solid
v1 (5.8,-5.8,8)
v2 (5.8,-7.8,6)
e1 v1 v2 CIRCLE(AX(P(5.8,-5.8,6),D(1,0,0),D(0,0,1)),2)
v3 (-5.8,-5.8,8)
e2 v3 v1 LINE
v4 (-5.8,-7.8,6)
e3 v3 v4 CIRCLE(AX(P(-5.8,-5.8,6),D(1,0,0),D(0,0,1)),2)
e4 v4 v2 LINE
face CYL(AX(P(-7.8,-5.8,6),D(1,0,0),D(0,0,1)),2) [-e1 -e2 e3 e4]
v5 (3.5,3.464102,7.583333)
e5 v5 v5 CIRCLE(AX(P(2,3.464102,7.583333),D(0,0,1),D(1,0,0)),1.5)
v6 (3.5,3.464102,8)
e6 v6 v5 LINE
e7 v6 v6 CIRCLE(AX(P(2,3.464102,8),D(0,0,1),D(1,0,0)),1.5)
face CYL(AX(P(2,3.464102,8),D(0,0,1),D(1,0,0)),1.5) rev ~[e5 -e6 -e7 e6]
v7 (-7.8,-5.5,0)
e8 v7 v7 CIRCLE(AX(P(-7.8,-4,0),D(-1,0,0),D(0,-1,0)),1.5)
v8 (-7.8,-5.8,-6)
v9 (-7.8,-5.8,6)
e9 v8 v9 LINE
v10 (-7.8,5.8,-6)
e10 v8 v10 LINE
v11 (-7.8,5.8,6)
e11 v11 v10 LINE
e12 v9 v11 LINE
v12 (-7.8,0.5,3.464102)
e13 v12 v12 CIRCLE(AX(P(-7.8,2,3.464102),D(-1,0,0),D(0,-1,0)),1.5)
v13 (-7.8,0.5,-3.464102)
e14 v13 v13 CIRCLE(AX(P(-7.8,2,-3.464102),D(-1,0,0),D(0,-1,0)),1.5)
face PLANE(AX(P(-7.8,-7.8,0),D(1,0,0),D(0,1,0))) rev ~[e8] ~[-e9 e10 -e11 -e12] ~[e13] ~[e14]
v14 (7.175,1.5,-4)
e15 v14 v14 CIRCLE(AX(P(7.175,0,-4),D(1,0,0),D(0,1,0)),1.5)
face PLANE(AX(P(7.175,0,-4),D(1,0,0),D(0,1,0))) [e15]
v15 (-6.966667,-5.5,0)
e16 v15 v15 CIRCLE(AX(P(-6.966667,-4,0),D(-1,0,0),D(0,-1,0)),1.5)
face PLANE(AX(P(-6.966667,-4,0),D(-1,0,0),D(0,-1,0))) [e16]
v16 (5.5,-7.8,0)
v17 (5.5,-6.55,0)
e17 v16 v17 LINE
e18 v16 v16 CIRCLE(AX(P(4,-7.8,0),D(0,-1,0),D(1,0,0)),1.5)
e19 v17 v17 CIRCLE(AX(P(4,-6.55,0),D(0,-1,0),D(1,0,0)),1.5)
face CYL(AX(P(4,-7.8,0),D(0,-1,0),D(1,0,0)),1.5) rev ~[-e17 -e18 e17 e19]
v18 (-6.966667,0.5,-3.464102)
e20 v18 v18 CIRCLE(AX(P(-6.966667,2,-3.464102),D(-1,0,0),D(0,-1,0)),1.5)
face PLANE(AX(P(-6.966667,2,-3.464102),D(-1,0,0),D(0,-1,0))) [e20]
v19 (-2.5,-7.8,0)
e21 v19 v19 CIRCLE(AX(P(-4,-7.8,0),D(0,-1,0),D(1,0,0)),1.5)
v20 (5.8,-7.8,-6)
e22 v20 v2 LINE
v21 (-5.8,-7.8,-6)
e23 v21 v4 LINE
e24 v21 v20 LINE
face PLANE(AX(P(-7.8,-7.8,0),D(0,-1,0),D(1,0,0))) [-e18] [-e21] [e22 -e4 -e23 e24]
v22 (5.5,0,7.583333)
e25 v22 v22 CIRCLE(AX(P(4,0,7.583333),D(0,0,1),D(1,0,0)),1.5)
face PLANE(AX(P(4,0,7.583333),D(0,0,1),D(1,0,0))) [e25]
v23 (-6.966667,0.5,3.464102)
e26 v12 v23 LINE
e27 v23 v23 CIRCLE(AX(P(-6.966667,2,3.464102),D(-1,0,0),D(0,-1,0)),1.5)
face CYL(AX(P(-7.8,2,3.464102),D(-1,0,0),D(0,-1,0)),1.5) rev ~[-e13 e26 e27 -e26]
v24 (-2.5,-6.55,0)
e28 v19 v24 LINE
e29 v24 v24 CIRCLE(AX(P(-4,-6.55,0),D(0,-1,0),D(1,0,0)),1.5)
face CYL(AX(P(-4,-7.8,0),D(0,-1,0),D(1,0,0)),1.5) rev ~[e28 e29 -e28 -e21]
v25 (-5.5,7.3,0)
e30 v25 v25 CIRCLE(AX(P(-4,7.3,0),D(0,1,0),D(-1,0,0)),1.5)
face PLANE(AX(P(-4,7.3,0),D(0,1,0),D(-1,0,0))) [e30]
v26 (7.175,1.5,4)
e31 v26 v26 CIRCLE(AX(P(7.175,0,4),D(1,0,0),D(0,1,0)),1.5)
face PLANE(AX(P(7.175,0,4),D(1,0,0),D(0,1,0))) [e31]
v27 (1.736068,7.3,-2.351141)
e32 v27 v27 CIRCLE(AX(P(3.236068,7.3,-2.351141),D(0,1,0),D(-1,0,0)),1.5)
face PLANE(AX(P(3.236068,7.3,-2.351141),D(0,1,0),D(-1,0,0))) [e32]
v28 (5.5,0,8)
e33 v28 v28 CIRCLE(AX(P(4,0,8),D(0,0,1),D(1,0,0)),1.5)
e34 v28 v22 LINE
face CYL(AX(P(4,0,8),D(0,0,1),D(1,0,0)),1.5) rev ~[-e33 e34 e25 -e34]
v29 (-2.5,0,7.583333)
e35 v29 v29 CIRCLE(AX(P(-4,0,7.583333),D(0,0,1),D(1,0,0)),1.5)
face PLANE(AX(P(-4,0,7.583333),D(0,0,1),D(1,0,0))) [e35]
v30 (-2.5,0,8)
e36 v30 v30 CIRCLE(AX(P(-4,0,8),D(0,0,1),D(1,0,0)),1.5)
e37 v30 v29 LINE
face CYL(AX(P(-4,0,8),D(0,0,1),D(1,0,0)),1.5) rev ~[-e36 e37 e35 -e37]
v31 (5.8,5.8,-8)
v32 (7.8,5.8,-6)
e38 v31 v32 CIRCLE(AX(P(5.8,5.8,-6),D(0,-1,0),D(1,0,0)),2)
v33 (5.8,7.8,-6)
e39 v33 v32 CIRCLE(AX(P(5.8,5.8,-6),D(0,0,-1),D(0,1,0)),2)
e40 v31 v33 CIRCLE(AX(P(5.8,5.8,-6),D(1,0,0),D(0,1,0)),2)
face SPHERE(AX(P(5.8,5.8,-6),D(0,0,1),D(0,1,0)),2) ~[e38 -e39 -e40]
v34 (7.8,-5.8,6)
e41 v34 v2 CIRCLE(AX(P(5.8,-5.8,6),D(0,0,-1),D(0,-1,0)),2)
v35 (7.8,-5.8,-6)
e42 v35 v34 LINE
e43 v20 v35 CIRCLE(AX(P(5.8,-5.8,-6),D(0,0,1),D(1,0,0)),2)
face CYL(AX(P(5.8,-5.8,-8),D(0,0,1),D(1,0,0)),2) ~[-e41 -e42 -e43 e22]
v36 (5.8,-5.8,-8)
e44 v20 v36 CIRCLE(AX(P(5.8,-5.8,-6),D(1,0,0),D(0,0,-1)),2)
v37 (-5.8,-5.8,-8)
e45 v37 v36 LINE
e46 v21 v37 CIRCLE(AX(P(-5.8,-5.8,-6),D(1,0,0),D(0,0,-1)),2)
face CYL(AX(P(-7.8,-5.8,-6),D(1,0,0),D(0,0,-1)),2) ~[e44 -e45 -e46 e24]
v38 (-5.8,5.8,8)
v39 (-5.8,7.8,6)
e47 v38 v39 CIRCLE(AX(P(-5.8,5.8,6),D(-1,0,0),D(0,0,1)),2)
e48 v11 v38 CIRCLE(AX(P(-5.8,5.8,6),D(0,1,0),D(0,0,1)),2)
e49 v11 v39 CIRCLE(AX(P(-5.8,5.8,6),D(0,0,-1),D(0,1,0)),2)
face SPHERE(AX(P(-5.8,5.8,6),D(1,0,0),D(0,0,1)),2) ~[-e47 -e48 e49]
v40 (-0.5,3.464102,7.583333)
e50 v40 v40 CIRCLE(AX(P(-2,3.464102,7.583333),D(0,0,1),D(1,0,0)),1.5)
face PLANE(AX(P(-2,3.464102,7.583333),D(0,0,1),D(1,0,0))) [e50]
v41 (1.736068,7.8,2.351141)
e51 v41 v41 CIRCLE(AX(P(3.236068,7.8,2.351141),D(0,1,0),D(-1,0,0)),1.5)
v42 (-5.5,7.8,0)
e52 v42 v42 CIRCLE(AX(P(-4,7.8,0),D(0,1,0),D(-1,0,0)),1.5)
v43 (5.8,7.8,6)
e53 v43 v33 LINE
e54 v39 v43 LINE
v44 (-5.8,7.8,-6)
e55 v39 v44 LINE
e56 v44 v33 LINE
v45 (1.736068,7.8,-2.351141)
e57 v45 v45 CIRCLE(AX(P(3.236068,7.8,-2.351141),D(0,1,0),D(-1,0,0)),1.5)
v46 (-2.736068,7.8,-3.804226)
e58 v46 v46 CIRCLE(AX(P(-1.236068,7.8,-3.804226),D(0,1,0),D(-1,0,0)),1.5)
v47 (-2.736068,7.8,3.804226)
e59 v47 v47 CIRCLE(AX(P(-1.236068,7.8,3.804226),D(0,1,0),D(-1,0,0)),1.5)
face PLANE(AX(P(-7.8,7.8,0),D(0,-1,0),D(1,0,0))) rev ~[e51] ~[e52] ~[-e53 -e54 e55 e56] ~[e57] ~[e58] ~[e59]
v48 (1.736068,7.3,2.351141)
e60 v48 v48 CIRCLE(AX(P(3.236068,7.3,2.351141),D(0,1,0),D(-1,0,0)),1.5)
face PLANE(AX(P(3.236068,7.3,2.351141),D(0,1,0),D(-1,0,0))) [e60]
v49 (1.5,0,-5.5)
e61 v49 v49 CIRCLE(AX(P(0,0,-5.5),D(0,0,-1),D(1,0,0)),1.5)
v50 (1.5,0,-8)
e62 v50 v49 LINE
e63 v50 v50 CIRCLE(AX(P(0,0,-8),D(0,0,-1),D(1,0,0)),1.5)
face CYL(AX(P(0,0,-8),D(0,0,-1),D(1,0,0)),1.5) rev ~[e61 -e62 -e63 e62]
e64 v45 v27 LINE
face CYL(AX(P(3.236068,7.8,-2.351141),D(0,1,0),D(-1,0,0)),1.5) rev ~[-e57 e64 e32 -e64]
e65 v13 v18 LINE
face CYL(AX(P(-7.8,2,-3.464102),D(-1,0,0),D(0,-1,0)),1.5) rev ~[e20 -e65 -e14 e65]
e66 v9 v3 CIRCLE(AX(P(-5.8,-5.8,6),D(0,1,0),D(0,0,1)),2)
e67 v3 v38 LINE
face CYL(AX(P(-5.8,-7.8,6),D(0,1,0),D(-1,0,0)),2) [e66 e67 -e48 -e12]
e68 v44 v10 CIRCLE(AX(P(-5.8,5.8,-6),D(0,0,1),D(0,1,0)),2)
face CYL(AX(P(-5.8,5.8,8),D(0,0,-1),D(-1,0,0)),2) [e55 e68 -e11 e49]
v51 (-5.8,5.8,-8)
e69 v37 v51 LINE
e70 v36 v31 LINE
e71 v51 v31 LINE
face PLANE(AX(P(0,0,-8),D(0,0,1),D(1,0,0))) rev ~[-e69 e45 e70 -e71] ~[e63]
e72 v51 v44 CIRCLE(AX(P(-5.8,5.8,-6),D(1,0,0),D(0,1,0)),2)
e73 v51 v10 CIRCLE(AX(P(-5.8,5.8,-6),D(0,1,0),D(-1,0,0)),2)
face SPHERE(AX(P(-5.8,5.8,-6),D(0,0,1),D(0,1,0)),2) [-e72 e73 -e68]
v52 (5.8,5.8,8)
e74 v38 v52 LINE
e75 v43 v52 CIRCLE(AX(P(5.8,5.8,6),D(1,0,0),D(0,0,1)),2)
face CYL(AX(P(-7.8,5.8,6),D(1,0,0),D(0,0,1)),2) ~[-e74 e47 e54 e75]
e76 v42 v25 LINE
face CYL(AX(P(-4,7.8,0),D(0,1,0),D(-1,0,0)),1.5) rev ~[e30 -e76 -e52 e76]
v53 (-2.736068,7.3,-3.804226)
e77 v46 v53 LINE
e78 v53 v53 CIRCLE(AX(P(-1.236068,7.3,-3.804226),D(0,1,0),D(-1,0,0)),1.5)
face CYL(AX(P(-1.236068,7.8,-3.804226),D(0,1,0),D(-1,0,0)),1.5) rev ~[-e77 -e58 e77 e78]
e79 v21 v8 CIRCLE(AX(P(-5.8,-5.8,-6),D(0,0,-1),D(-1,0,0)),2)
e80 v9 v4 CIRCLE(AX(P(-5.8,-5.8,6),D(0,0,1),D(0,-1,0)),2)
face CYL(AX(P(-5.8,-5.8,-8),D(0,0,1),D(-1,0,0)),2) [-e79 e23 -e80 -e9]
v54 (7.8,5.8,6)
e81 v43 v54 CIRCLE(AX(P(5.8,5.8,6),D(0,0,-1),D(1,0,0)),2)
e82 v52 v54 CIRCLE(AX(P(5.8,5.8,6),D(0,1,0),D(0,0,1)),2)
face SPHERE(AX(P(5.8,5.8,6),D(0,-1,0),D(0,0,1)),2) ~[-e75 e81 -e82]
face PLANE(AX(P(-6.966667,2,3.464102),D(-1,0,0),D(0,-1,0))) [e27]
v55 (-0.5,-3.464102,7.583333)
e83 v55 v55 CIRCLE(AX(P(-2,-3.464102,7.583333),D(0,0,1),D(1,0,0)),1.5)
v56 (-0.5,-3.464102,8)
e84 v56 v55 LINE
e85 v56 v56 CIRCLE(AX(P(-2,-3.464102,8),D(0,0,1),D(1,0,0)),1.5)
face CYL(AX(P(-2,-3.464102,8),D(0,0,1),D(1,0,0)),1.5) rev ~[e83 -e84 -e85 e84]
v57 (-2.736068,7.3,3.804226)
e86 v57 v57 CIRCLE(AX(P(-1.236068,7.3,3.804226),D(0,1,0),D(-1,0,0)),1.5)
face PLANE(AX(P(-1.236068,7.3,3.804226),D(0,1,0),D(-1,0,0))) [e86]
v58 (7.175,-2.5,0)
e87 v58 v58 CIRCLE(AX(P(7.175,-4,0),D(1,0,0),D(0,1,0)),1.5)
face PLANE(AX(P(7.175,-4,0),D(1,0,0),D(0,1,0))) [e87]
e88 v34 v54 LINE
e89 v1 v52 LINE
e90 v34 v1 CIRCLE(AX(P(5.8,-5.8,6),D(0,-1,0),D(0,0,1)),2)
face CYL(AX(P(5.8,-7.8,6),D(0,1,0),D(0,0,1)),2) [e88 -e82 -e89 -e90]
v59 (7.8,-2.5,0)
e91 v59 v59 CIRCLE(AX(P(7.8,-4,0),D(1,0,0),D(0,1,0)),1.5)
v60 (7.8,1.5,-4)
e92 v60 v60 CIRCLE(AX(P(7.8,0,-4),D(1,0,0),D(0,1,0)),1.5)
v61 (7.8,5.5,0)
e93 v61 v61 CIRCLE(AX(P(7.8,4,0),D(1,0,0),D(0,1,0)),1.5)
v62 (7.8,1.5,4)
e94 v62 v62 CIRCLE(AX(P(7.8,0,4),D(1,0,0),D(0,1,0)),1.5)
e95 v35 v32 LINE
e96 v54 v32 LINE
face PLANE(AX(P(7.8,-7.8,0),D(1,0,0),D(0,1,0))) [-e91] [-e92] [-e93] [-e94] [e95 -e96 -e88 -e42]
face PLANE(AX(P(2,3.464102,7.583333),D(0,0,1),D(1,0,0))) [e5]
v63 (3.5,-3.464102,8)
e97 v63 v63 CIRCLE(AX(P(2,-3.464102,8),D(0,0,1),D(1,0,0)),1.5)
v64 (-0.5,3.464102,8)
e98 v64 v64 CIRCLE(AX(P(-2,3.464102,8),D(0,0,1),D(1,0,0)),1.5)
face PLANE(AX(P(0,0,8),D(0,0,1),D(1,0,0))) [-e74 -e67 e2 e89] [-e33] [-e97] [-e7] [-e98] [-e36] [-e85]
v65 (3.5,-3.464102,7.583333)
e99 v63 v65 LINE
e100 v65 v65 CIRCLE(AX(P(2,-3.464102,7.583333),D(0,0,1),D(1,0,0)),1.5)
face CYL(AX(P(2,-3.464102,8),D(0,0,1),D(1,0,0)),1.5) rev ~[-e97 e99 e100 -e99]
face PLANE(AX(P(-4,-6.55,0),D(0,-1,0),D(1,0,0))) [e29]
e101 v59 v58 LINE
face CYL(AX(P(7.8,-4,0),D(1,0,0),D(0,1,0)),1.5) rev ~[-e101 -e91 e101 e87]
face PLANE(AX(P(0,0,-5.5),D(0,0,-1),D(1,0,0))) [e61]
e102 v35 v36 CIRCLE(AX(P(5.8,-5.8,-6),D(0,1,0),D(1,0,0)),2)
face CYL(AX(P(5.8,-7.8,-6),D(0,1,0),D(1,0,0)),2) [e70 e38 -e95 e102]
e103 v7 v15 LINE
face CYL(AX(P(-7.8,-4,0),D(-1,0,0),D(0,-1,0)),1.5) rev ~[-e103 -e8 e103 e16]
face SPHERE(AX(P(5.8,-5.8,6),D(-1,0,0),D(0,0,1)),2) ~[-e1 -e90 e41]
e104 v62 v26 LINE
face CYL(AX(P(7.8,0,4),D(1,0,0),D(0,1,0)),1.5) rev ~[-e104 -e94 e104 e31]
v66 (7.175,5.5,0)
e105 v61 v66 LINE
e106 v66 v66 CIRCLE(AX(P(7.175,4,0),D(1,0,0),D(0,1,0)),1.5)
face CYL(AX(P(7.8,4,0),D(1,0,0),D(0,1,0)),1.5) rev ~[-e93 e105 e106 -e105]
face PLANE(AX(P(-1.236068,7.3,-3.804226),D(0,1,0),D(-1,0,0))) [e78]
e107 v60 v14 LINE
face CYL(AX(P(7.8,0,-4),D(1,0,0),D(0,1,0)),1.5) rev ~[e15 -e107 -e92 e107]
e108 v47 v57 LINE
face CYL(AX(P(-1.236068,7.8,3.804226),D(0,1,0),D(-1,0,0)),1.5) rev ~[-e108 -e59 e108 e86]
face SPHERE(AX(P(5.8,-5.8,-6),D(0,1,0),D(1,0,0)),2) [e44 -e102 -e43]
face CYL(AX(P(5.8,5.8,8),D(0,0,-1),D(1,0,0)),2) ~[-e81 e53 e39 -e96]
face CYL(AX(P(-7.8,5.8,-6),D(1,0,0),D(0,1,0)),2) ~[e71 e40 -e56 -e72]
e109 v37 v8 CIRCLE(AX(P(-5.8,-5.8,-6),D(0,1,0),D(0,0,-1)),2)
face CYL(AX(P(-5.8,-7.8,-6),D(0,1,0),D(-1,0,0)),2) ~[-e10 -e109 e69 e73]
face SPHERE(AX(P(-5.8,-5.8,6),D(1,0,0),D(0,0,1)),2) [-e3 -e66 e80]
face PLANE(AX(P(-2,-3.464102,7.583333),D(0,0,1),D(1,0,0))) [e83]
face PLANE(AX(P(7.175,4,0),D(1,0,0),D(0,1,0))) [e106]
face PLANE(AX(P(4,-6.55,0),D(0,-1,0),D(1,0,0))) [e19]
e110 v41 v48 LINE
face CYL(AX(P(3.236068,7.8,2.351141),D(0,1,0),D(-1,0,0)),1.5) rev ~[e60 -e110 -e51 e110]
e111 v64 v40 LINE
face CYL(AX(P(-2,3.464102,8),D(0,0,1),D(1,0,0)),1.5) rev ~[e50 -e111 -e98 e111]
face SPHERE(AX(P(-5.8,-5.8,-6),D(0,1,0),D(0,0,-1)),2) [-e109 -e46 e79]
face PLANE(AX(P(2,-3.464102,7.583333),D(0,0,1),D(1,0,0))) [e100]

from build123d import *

# Parameters (mm, degrees)
F3_W          = 15.6
F3_H          = 15.6
F4_DEPTH      = 8
F4_DEPTH_BACK = 8
F5_R          = 2
F7_R          = 1.5
F8_DEPTH      = 2.5
F10_R         = 1.5
F11_DEPTH     = 0.4166666667
F13_R         = 1.5
F14_DEPTH     = 1.25
F16_R         = 1.5
F17_DEPTH     = 0.8333333333
F19_R         = 1.5
F20_DEPTH     = 0.625
F22_R         = 1.5
F23_DEPTH     = 0.5


with BuildPart() as f4:
    # F3 (on Top) → F4 (new body, two sides)
    with BuildSketch(Plane.XY) as f4_sk:
        Rectangle(F3_W, F3_H)
    extrude(amount=F4_DEPTH)
    extrude(f4_sk.sketch, amount=-F4_DEPTH_BACK)

    # F5
    f5_edges = [f4.edges().sort_by_distance(p)[0] for p in [
        (0, -7.8, 8),
        (7.8, 0, 8),
        (0, 7.8, 8),
        (-7.8, 0, 8),
        (-7.8, 7.8, 0),
        (7.8, 7.8, 0),
        (0, 7.8, -8),
        (-7.8, 0, -8),
        (7.8, 0, -8),
        (7.8, -7.8, 0),
        (0, -7.8, -8),
        (-7.8, -7.8, 0),
    ]]
    fillet(f5_edges, radius=F5_R)

    # F7 (on offset) → F8 (cut)
    with BuildSketch(Plane(origin=(0, 0, -8), x_dir=(1, 0, 0), z_dir=(0, 0, -1))):
        Circle(F7_R)
    extrude(amount=-F8_DEPTH, mode=Mode.SUBTRACT)

    # F10 (on offset) → F11 (cut)
    with BuildSketch(Plane.XY.offset(8)):
        with Locations((-2, 3.4641016151)):
            Circle(F10_R)
        with Locations((2, 3.4641016151)):
            Circle(F10_R)
        with Locations((4, 0)):
            Circle(F10_R)
        with Locations((2, -3.4641016151)):
            Circle(F10_R)
        with Locations((-2, -3.4641016151)):
            Circle(F10_R)
        with Locations((-4, 0)):
            Circle(F10_R)
    extrude(amount=-F11_DEPTH, mode=Mode.SUBTRACT)

    # F13 (on offset) → F14 (cut)
    with BuildSketch(Plane.XZ.offset(7.8)):
        with Locations((-4, 0)):
            Circle(F13_R)
        with Locations((4, 0)):
            Circle(F13_R)
    extrude(amount=-F14_DEPTH, mode=Mode.SUBTRACT)

    # F16 (on offset) → F17 (cut)
    with BuildSketch(Plane(origin=(-7.8, 0, 0), x_dir=(0, -1, 0), z_dir=(-1, 0, 0))):
        with Locations((-2, 3.4641016151)):
            Circle(F16_R)
        with Locations((-2, -3.4641016151)):
            Circle(F16_R)
        with Locations((4, 0)):
            Circle(F16_R)
    extrude(amount=-F17_DEPTH, mode=Mode.SUBTRACT)

    # F19 (on offset) → F20 (cut)
    with BuildSketch(Plane.YZ.offset(7.8)):
        with Locations((-4, 0)):
            Circle(F19_R)
        with Locations((0, 4)):
            Circle(F19_R)
        with Locations((4, 0)):
            Circle(F19_R)
        with Locations((0, -4)):
            Circle(F19_R)
    extrude(amount=-F20_DEPTH, mode=Mode.SUBTRACT)

    # F22 (on offset) → F23 (cut)
    with BuildSketch(Plane(origin=(0, 7.8, 0), x_dir=(-1, 0, 0), z_dir=(0, 1, 0))):
        with Locations((-3.2360679775, 2.3511410092)):
            Circle(F22_R)
        with Locations((1.2360679775, 3.8042260652)):
            Circle(F22_R)
        with Locations((4, 0)):
            Circle(F22_R)
        with Locations((1.2360679775, -3.8042260652)):
            Circle(F22_R)
        with Locations((-3.2360679775, -2.3511410092)):
            Circle(F22_R)
    extrude(amount=-F23_DEPTH, mode=Mode.SUBTRACT)


solid = f4.part
